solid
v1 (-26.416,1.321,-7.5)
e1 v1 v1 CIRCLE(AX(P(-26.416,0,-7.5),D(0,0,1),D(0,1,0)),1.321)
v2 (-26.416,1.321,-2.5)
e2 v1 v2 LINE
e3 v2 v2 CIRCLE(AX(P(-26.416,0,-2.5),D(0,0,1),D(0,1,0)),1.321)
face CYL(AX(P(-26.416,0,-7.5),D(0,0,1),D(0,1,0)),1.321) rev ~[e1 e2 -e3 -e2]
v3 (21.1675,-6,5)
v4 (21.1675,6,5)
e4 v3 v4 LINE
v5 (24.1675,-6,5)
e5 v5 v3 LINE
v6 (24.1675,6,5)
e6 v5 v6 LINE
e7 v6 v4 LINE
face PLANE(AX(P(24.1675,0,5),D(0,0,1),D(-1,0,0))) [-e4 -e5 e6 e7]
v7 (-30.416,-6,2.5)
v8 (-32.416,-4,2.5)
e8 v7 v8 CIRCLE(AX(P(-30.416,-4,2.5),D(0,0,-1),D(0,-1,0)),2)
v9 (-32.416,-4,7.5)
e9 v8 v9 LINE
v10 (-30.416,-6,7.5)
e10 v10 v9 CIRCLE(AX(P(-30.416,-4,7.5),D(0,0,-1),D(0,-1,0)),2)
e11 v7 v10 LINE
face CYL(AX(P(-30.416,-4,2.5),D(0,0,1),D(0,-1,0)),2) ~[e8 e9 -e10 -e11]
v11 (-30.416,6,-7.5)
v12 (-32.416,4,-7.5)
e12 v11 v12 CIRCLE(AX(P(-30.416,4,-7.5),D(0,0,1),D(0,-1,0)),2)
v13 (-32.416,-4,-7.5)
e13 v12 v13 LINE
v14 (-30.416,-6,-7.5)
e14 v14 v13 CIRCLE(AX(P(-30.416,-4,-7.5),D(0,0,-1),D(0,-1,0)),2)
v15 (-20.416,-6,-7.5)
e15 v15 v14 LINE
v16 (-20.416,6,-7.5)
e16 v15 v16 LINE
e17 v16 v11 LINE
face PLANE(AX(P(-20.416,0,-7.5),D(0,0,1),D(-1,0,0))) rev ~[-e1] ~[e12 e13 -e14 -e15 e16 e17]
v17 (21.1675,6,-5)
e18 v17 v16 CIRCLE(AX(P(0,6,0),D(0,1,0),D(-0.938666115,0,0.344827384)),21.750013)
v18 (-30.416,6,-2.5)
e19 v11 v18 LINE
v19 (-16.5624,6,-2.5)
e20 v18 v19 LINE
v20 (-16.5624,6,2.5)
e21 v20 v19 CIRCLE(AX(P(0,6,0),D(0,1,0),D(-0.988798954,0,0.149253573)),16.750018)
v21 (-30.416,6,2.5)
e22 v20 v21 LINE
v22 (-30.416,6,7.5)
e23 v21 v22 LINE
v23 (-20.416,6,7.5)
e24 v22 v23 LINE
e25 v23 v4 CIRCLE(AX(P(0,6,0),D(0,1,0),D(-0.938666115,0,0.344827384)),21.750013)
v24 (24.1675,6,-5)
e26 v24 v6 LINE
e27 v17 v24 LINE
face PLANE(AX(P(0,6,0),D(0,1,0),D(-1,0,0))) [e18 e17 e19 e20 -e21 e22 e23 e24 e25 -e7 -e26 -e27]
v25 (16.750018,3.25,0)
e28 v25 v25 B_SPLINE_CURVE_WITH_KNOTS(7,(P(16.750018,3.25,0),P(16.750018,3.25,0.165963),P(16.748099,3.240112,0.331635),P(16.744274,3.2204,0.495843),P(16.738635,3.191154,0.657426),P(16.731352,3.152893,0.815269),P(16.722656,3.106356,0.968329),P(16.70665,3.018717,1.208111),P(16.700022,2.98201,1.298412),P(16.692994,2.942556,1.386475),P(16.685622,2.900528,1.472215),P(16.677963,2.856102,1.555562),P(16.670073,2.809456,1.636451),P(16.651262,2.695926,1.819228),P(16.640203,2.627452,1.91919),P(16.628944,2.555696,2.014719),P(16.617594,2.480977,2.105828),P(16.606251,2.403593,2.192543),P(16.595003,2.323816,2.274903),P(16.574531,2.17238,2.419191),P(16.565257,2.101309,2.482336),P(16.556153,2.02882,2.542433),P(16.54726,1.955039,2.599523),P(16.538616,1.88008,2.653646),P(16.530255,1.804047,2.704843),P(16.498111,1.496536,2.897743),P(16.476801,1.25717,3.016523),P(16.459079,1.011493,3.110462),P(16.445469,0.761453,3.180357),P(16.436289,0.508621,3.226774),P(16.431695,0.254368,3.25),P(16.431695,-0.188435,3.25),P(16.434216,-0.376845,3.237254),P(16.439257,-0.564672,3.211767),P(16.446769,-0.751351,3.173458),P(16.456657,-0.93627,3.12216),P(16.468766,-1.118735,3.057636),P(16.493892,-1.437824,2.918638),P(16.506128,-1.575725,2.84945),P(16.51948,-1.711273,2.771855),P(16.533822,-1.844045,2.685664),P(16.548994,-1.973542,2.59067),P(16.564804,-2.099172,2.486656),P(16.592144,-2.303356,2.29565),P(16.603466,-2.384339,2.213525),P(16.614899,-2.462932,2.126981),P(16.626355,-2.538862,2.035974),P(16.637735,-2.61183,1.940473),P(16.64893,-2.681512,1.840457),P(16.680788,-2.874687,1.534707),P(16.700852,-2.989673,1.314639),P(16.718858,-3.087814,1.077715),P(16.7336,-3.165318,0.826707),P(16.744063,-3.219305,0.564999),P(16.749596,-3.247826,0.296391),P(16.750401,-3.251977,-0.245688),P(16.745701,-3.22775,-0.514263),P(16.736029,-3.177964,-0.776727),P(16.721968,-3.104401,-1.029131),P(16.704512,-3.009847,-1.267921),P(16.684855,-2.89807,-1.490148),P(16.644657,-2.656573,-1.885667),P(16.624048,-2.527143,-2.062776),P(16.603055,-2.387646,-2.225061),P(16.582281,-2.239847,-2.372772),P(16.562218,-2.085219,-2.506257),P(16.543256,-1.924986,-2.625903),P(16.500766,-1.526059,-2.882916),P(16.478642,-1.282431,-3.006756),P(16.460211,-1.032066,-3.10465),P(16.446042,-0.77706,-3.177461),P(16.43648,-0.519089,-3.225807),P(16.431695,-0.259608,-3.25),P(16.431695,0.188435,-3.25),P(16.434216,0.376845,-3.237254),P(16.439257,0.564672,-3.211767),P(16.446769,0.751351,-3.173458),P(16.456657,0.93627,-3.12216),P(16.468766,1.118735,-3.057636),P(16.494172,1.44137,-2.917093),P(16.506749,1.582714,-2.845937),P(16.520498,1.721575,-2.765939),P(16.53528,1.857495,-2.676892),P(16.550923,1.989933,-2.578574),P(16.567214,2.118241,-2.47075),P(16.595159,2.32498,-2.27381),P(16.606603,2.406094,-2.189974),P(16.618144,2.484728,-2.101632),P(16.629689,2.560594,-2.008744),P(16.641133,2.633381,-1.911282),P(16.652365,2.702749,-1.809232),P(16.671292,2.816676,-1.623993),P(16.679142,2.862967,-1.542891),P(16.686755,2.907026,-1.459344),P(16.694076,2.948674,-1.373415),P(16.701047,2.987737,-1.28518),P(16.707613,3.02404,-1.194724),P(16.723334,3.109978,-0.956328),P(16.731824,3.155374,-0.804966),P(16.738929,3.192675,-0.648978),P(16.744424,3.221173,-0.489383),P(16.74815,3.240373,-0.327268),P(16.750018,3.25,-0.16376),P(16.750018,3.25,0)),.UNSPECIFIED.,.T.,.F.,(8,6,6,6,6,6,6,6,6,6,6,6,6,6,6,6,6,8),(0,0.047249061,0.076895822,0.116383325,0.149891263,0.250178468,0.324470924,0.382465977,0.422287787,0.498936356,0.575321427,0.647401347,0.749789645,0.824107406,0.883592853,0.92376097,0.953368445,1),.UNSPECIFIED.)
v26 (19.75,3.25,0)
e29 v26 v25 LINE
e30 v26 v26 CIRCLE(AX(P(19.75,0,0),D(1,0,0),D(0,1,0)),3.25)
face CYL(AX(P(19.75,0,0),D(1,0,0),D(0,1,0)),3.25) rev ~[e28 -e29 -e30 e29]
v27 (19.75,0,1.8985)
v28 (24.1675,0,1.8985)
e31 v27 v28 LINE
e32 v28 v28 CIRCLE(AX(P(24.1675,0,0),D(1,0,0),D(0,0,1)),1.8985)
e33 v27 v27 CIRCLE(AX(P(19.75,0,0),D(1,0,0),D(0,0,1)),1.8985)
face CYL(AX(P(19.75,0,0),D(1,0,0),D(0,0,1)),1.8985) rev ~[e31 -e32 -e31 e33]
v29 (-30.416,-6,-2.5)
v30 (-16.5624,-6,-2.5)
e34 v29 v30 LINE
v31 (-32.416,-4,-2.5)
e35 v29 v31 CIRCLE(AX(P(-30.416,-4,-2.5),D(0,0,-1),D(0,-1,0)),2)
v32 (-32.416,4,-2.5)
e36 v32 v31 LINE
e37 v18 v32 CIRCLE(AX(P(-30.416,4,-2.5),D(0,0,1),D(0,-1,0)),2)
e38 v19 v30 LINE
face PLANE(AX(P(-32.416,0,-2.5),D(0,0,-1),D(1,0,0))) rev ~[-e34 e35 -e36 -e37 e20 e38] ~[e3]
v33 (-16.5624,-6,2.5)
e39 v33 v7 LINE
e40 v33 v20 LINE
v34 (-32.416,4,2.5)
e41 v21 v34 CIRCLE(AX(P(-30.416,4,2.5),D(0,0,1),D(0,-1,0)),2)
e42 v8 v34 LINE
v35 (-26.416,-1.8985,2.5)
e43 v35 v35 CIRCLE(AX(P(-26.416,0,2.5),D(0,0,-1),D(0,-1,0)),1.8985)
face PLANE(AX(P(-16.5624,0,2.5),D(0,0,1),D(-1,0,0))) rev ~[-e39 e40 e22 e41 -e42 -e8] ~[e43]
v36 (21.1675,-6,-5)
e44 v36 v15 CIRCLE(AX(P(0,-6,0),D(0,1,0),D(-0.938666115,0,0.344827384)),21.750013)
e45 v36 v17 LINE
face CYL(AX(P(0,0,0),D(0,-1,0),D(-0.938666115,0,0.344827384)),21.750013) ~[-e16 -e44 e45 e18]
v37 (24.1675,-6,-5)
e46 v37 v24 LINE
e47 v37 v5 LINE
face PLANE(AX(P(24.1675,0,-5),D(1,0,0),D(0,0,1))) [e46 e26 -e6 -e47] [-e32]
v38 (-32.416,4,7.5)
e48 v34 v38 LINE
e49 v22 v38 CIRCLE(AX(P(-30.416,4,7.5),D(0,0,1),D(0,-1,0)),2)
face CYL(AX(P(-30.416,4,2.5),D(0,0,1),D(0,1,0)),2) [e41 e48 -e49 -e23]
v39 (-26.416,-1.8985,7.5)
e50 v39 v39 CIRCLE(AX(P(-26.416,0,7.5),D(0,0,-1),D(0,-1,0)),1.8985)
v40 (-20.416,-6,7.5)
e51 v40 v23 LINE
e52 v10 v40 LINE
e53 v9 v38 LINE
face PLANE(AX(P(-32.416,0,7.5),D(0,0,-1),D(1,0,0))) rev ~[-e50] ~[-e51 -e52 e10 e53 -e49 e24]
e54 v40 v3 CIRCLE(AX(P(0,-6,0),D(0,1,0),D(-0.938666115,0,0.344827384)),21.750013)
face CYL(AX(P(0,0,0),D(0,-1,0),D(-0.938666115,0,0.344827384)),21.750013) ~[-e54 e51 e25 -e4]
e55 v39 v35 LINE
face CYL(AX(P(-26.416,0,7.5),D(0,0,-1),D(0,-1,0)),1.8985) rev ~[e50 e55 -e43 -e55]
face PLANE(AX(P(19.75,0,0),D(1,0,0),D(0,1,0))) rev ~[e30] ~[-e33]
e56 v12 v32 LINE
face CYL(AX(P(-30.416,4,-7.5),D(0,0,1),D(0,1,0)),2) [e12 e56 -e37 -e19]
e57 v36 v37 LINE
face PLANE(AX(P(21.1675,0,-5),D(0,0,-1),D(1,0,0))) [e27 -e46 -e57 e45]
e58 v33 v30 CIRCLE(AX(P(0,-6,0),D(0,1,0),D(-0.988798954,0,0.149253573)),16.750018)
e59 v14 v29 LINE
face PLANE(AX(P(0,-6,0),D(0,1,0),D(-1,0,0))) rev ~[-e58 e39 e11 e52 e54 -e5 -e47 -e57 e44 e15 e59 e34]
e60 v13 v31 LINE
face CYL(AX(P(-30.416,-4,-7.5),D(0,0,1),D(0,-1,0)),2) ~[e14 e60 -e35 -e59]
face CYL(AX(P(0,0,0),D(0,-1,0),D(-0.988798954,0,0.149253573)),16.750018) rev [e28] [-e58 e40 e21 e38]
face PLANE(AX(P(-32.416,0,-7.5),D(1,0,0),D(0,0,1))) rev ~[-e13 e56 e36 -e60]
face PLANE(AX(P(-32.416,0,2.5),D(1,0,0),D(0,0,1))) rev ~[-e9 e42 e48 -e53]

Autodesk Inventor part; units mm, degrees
ref_plane "XZ Plane" through (0, 0, 0) normal (0, 1, 0) x (-1, 0, 0)
ref_plane "XY Plane" through (0, 0, 0) normal (0, 0, 1) x (1, 0, 0)
sketch "Sketch1" plane through (0, 0, 0) normal (0, 1, 0) x (-1, 0, 0)
  arc A0 (16.5624, 2.5) -> (16.5624, -2.5) centre (0, 0) ccw
  arc A1 (20.416, 7.5) -> (20.416, -7.5) centre (0, 0) ccw
  line L0 (32.416, 7.5) -> (20.416, 7.5)
  line L1 (16.5624, 2.5) -> (32.416, 2.5)
  line L2 (32.416, 2.5) -> (32.416, 7.5)
  line L3 (32.416, -2.5) -> (16.5624, -2.5)
  line L4 (20.416, -7.5) -> (32.416, -7.5)
  line L5 (32.416, -7.5) -> (32.416, -2.5)
  line L6 (26.416, 5) -> (26.416, -5) construction
  line L7 (-21.1675, -5) -> (-24.1675, -5)
  line L8 (-24.1675, -5) -> (-24.1675, 5)
  line L9 (-24.1675, 5) -> (-21.1675, 5)
  line L10 (-21.1675, 5) -> (-21.1675, -5)
  point P0 (32.416, 5)
  point P1 (32.416, -5)
  point P2 (26.416, 0)
  point P3 (26.416, -7.5)
  point P4 (-16.75, 0)
  point P5 (-24.1675, 0)
  dimension "d0" = 33.5
  dimension "d1" = 5
  dimension "d4" = 5
  dimension "d5" = 5
  dimension "d6" = 10
  dimension "d7" = 12
  dimension "d35" = 10
  dimension "d36" = 3
extrude "Extrusion1" add sketch "Sketch1" along normal mid plane 12
sketch "Sketch2" plane through (-32.416, 6, 7.5) normal (0, 0, 1) x (1, 0, 0)
  line L0 (0, 0) -> (0, -12) projected
  line L1 (0, 0) -> (12, 0) projected
  point P0 (32.416, -6)
  point P1 (6, -6)
  point P2 (0, -6)
  point P3 (6, 0)
hole "Hole1" at (-26.416, 0, 7.5) direction (0, 0, -1) diameter 3.797 depth 5 clearance for "Flat Head Machine Screw (82)" size "#6" standard "Ansi Unified Screw Threads"
sketch "Sketch3" plane through (-20.416, 6, -7.5) normal (0, 0, -1) x (-1, 0, 0)
  line L0 (8.3161, -1.9884) -> (10.6322, -6)
  line L1 (10.6322, -6) -> (8.3161, -10.0116)
  line L2 (8.3161, -10.0116) -> (3.6839, -10.0116)
  line L3 (3.6839, -10.0116) -> (1.3678, -6)
  line L4 (1.3678, -6) -> (3.6839, -1.9884)
  line L5 (3.6839, -1.9884) -> (8.3161, -1.9884)
  circle A0 centre (6, -6) radius 1.8985 projected
  point P0 (-20.416, -6)
  dimension "d17" = 8.0232
extrude "Extrusion2" [suppressed]
fillet "Fillet1" radius 2 4 edges at (-32.416, -6, -5) (-32.416, 6, -5) (-32.416, 6, 5) (-32.416, -6, 5)
ref_plane "Work Plane3" through (19.75, 0, 0) normal (1, 0, 0) x (0, 1, 0)
sketch "Sketch5" plane through (19.75, 0, 0) normal (1, 0, 0) x (0, 1, 0)
  circle A0 centre (0, 0) radius 3.25
  dimension "d25" = 6.5
extrude "Extrusion4" cut sketch "Sketch5" against normal up to next
hole "Hole2" at (19.75, 0, 0) direction (1, 0, 0) diameter 3.797 end through all clearance for "Flat Head Machine Screw (82)" size "#6" standard "Ansi Unified Screw Threads"
sketch "Sketch6" plane through (-20.416, -6, -7.5) normal (0, 0, -1) x (-1, 0, 0)
  line L0 (10, 0) -> (-3.8536, 0) projected
  point P0 (-20.416, 6)
  point P1 (6, 6)
hole "Hole3" at (-26.416, 0, -7.5) direction (0, 0, 1) diameter 2.642 depth 5 thread size "6-32 UNC" class "2B" standard "ANSI Unified Screw Threads"
equation "\"d5\" = d4"
properties part number "CameraClamp"
